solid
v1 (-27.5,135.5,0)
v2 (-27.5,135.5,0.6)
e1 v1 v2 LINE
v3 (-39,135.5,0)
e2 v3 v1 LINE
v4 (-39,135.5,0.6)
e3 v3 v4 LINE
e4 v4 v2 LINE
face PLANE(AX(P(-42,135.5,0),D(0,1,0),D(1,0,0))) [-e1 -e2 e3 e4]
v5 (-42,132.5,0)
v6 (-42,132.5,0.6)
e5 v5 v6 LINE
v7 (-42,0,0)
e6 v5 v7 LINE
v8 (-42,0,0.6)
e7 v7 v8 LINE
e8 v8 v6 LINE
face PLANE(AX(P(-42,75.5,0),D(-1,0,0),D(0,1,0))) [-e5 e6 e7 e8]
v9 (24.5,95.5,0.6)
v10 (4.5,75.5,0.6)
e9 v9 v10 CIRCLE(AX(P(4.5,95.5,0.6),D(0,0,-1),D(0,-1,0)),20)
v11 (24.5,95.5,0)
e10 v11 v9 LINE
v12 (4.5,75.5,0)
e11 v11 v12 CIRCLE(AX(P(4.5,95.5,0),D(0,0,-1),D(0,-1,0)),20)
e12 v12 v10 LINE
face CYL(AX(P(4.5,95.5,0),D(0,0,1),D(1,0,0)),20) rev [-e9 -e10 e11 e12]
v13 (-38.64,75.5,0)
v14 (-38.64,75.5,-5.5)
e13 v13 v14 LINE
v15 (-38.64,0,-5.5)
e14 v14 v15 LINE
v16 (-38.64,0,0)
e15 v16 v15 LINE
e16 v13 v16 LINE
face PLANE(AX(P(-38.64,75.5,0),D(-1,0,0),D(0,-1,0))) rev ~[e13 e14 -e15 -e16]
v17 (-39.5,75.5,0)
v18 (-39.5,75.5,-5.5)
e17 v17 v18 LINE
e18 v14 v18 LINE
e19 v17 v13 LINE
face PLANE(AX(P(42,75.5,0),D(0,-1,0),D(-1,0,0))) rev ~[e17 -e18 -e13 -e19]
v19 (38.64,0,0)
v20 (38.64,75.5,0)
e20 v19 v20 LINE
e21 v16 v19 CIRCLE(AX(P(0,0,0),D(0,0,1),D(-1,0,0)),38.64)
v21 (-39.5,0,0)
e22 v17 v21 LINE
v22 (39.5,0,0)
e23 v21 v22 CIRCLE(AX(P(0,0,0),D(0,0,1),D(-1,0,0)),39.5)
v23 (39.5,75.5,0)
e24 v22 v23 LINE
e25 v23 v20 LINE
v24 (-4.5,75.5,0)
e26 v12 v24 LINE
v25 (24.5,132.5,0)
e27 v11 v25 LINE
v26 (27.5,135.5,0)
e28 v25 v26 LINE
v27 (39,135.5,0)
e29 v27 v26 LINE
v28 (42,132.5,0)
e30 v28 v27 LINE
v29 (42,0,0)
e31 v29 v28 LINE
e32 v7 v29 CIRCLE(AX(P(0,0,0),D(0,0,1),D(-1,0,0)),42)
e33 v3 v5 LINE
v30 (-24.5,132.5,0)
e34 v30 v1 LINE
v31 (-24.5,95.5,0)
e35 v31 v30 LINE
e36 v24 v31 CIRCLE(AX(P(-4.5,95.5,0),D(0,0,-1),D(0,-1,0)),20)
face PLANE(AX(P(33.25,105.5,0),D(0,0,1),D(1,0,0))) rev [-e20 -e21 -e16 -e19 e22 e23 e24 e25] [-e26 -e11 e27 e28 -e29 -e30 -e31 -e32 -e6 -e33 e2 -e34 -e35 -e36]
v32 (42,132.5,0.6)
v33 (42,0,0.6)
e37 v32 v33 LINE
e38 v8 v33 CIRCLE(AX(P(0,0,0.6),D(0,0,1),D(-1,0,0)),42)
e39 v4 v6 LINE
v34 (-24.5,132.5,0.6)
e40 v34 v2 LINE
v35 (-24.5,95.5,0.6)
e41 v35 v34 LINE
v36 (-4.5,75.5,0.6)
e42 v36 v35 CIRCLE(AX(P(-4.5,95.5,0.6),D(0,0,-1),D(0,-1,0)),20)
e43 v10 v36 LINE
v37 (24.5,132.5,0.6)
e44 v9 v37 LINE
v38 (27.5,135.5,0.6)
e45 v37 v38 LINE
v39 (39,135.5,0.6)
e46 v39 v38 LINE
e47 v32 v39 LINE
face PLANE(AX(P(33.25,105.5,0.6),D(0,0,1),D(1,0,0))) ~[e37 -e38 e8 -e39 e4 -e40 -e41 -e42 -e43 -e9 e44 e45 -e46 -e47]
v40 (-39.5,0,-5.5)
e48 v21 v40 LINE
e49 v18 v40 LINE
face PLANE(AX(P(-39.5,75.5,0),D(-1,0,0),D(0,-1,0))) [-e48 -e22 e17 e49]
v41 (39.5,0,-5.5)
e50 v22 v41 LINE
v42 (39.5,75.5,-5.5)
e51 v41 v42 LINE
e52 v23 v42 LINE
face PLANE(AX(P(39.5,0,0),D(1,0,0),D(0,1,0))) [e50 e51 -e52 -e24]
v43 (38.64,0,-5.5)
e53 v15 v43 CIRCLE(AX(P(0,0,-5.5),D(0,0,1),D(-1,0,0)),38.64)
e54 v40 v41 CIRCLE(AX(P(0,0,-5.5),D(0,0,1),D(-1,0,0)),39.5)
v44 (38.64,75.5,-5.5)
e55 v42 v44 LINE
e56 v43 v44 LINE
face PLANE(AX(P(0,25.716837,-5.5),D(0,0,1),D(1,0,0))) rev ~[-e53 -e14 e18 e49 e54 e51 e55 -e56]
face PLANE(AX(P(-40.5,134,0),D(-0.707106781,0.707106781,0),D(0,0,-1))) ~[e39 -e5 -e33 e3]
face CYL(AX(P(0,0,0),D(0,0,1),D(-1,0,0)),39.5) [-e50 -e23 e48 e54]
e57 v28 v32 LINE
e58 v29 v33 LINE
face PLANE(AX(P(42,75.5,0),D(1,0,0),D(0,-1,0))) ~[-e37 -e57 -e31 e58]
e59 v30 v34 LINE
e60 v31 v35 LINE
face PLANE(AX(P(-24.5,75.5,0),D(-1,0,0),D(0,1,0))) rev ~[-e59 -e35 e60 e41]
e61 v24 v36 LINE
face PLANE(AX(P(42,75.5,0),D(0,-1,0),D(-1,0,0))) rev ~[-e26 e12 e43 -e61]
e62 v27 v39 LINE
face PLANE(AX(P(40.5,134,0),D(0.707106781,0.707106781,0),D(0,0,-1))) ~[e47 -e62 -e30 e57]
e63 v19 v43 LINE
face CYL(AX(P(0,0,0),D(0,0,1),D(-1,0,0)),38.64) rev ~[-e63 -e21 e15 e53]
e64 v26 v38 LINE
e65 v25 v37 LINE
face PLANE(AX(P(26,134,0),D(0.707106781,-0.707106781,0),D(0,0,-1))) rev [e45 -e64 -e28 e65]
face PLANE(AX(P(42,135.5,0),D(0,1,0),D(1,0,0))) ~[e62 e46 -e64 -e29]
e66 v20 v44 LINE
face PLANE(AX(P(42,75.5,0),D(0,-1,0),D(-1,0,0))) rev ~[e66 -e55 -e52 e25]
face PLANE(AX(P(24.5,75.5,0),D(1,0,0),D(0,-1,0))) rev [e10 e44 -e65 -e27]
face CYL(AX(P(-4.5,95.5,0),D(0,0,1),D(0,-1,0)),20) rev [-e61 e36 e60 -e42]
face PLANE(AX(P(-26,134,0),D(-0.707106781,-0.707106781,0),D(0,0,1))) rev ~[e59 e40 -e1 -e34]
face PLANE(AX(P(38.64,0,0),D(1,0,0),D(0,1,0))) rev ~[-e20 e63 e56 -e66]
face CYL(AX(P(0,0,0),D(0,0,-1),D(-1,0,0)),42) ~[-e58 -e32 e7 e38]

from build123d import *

# Parameters (mm, degrees)
PAD_DEPTH    = 5.5
THICKNESS_T  = -0.86
PAD001_DEPTH = 0.6
SKETCH002_W  = 17.5
SKETCH002_H  = 60
PAD002_DEPTH = 0.6
CHAMFER_SIZE = 3
FILLET_R     = 20


with BuildPart() as part:
    # Sketch → Pad (new body)
    with BuildSketch(Plane.XY):
        with BuildLine():
            Line((-39.5, 75.5), (-39.5, 0))
            ThreePointArc((-39.5, 0), (0, -39.5), (39.5, 0))
            Line((39.5, 0), (39.5, 75.5))
            Line((39.5, 75.5), (-39.5, 75.5))
        make_face()
    extrude(amount=-PAD_DEPTH)

    # Thickness
    thickness_openings = [part.faces().sort_by_distance(p)[0] for p in [
        (0, 21.873555, 0),
        (0, 75.5, -2.75),
        (0, 21.873555, -5.5),
    ]]
    offset(amount=THICKNESS_T, openings=thickness_openings)

    # Sketch001 → Pad001 (join)
    with BuildSketch(Plane.XY):
        with BuildLine():
            Line((-42, 75.5), (-42, 0))
            ThreePointArc((-42, 0), (0, -42), (42, 0))
            Line((42, 0), (42, 75.5))
            Line((42, 75.5), (-42, 75.5))
        make_face()
    extrude(amount=PAD001_DEPTH)

    # Sketch002 → Pad002 (join)
    with BuildSketch(Plane.XY):
        with Locations((-33.25, 105.5)):
            Rectangle(SKETCH002_W, SKETCH002_H)
    pad002 = extrude(amount=PAD002_DEPTH)

    # Mirrored: Pad002 across Sketch002 V_Axis
    add(pad002.mirror(Plane(origin=(0, 0, 0), x_dir=(0, 0, 1), z_dir=(1, 0, 0))))

    # Chamfer
    chamfer_edges = [part.edges().sort_by_distance(p)[0] for p in [
        (-24.5, 135.5, 0.3),
        (24.5, 135.5, 0.3),
        (-42, 135.5, 0.3),
        (42, 135.5, 0.3),
    ]]
    chamfer(chamfer_edges, length=CHAMFER_SIZE)

    # Fillet
    fillet_edges = [part.edges().sort_by_distance(p)[0] for p in [
        (24.5, 75.5, 0.3),
        (-24.5, 75.5, 0.3),
    ]]
    fillet(fillet_edges, radius=FILLET_R)


solid = part.part
